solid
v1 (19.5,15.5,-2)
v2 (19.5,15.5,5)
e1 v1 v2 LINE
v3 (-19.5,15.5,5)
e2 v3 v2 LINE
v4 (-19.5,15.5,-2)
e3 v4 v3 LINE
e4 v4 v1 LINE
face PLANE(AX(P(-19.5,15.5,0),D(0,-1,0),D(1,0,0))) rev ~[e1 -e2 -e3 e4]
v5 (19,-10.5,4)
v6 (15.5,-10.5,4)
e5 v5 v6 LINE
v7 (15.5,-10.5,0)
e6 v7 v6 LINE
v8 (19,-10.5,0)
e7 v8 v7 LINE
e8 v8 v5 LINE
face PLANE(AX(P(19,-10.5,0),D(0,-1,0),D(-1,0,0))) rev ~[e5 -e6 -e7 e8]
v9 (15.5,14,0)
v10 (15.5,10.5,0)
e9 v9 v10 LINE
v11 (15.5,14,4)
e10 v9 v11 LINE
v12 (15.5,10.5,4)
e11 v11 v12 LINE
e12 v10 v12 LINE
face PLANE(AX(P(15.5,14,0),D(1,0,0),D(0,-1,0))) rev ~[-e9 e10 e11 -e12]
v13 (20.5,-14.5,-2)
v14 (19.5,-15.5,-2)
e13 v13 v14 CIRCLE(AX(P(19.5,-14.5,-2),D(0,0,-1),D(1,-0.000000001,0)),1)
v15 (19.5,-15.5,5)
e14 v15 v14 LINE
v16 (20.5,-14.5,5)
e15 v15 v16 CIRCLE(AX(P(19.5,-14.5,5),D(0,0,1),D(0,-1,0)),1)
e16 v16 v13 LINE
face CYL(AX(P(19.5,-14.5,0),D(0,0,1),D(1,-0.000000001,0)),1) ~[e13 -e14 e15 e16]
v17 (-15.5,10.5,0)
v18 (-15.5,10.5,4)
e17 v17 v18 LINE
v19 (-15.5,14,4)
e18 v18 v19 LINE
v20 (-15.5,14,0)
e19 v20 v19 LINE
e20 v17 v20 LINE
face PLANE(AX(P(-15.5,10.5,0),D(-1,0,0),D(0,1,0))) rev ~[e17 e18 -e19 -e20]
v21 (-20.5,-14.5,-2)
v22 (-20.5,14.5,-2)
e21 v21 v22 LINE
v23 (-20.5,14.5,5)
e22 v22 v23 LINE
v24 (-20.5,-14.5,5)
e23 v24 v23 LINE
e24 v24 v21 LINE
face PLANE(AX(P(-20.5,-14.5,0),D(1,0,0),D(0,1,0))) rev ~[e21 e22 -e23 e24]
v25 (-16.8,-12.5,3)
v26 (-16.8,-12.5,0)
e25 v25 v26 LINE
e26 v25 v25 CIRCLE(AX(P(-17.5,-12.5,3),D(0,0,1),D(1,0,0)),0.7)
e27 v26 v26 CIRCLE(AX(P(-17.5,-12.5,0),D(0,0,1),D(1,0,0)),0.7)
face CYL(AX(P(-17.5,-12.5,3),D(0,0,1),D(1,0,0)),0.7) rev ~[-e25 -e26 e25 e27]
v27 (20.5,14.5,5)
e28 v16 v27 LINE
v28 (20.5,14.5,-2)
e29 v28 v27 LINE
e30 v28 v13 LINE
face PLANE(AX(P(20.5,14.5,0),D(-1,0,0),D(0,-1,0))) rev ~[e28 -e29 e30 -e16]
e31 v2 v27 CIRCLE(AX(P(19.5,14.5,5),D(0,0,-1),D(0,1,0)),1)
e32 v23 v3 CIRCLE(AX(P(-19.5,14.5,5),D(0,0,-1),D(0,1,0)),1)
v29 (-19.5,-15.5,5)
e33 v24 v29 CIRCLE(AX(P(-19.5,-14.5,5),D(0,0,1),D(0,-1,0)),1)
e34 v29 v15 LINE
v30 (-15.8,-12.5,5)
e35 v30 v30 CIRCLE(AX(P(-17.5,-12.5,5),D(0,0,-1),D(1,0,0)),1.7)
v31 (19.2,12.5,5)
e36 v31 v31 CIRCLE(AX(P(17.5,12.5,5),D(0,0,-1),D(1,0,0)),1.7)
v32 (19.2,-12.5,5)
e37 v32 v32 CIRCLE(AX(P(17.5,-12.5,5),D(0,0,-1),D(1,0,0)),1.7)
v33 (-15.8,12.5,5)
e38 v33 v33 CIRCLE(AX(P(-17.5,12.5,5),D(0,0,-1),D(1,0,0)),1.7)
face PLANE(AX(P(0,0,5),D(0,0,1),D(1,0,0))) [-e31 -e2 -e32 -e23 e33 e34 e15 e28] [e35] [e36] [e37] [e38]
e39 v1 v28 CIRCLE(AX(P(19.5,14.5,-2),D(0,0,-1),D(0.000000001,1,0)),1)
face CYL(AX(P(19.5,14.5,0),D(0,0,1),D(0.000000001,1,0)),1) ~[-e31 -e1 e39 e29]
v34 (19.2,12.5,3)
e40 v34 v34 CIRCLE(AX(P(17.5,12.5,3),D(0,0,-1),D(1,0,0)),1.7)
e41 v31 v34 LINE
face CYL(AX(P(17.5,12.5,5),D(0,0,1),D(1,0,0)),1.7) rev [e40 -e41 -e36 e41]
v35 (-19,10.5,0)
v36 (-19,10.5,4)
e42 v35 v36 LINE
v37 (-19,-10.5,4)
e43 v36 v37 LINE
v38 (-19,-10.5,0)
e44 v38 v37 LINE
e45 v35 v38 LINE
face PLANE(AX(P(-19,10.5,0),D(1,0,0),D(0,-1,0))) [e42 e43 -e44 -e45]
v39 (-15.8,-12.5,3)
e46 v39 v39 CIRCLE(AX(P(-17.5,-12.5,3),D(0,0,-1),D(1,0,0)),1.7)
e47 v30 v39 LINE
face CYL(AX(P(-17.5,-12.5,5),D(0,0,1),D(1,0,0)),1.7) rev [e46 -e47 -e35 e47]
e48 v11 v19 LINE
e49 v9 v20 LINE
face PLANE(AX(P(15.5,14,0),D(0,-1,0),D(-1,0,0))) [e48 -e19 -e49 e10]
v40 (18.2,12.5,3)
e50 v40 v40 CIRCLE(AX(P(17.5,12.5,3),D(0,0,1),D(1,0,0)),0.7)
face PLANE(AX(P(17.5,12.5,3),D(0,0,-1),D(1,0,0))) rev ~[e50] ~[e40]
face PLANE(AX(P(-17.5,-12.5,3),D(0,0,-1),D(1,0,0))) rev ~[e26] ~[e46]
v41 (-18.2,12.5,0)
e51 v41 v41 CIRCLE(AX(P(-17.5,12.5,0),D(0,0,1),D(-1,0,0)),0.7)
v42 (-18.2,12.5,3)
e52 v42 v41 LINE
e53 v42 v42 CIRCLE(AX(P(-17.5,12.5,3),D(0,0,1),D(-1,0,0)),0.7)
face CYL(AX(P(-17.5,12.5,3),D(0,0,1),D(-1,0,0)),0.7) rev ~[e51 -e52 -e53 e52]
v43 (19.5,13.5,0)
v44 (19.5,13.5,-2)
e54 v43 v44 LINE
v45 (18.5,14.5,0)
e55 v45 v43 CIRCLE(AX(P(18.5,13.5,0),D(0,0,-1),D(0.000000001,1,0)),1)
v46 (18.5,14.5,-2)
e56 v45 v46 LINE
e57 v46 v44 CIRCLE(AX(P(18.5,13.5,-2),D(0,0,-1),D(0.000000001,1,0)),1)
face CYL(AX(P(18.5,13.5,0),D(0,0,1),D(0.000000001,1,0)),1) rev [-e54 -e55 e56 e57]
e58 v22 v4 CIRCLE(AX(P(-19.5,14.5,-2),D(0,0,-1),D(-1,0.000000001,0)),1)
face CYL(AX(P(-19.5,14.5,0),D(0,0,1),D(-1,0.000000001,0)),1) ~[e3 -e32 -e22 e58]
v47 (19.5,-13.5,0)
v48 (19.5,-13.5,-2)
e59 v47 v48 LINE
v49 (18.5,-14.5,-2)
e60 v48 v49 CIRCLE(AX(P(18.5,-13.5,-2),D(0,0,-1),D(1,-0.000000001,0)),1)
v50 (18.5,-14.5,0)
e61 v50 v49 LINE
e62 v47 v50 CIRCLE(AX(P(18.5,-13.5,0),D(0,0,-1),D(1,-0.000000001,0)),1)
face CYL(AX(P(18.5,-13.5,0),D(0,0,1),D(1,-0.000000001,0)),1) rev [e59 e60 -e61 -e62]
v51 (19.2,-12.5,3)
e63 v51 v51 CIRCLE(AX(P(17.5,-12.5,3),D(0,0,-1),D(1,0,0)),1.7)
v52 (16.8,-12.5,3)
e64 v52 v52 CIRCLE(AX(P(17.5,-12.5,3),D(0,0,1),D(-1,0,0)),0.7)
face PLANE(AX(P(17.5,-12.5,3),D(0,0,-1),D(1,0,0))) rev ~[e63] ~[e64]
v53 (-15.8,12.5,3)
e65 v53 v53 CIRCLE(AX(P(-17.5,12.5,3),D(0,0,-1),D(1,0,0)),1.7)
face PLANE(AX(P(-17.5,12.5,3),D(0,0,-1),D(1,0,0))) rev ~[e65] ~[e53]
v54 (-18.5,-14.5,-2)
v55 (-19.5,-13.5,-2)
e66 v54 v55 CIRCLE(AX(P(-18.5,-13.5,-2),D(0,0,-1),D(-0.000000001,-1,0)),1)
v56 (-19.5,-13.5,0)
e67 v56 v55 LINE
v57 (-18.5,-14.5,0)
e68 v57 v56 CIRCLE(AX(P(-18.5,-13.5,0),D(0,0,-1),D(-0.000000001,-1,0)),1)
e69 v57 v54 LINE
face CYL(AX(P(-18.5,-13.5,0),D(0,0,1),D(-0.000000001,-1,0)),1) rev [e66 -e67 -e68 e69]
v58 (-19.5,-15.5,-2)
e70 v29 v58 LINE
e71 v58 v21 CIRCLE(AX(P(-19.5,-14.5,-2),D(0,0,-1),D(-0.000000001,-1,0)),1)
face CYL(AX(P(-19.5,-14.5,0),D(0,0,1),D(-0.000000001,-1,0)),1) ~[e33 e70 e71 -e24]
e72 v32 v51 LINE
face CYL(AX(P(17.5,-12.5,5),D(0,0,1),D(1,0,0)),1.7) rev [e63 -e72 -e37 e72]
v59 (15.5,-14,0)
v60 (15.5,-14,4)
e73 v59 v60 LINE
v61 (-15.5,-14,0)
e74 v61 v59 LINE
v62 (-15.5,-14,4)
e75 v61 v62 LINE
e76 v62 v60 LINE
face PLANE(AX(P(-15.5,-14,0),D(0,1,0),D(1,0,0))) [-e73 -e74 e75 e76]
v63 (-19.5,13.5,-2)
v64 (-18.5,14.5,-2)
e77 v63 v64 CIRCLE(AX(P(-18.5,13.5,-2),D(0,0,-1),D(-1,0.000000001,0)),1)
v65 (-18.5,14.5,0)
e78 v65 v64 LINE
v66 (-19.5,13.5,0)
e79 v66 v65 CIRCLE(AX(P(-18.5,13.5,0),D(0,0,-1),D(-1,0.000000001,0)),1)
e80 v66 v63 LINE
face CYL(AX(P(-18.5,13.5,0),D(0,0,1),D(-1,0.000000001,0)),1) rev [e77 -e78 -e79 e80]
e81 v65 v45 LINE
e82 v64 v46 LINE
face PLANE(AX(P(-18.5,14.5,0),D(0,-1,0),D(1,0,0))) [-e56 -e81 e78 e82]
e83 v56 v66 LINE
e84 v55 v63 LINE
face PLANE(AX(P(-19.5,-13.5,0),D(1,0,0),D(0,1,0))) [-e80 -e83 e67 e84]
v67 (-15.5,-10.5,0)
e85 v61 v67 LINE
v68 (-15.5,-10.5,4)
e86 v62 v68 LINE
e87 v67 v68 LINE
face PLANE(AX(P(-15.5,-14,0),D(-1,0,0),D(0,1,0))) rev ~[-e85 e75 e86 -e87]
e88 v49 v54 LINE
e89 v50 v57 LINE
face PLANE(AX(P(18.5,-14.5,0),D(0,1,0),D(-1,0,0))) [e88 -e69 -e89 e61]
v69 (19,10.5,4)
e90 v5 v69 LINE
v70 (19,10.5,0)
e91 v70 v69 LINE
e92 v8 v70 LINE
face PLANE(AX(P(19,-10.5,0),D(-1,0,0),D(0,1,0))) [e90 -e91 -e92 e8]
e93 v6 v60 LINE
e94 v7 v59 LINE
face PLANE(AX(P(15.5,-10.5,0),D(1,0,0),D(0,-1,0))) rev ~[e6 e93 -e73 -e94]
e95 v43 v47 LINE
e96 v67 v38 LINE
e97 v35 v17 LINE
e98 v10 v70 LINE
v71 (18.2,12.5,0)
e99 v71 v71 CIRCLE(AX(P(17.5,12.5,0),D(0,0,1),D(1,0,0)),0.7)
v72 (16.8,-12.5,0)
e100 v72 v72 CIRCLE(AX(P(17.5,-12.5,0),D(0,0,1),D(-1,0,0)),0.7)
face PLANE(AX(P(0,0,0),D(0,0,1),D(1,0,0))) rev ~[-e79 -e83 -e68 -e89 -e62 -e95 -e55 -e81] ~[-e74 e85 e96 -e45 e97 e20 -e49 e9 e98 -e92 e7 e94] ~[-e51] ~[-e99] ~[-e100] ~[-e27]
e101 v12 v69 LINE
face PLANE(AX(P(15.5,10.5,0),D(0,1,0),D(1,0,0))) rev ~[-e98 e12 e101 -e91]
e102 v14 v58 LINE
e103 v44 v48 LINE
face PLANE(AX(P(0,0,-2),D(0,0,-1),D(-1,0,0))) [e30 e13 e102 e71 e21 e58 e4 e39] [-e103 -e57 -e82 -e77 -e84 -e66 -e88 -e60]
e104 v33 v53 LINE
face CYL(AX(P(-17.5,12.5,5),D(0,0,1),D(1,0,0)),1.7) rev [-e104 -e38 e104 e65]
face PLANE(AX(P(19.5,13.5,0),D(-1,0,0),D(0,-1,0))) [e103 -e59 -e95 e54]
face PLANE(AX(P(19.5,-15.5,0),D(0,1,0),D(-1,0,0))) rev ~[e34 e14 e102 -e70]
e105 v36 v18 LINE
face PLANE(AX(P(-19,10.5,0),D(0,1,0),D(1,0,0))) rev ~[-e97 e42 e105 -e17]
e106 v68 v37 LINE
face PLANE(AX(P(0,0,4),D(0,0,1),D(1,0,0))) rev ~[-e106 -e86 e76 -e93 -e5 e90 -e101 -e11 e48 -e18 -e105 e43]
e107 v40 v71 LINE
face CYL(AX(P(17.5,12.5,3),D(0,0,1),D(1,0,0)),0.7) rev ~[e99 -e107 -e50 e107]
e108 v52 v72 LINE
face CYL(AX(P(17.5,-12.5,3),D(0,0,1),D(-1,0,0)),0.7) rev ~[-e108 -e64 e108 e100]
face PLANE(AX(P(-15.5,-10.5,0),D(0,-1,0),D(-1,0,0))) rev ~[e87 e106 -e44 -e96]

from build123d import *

# Parameters (mm, degrees)
SKETCH_1_W          = 41
SKETCH_1_H          = 31
SKETCH_1_W_2        = 31
SKETCH_1_H_2        = 21
EXTRUDE_1_DEPTH     = 4
SKETCH_2_W          = 41
SKETCH_2_H          = 31
EXTRUDE_1_2_DEPTH   = 1
CUT_EXTRUDE_START   = -5
SKETCH_3_R          = 1.7
CUT_EXTRUDE_1_DEPTH = 2
SKETCH_4_R          = 0.7
CUT_EXTRUDE_2_DEPTH = 26.874698066
FILLET_1_R          = 1
CUT_EXTRUDE_3_DEPTH = 4
EXTRUDE_2_DEPTH     = 2


with BuildPart() as part:
    # 草图1 → Extrude 1 (new body)
    with BuildSketch(Plane.XY):
        Rectangle(SKETCH_1_W, SKETCH_1_H)
        Rectangle(SKETCH_1_W_2, SKETCH_1_H_2, mode=Mode.SUBTRACT)
    extrude(amount=EXTRUDE_1_DEPTH)

    # 草图2 → Extrude 1 2 (add)
    with BuildSketch(Plane.XY.offset(4)):
        Rectangle(SKETCH_2_W, SKETCH_2_H)
    extrude(amount=EXTRUDE_1_2_DEPTH)

    # 草图3 → 切除-拉伸1 (cut)
    with BuildSketch(Plane(origin=(0, 0, 0), x_dir=(-1, 0, 0), z_dir=(0, 0, -1)).offset(CUT_EXTRUDE_START)):
        with Locations(Location((17.5, 12.5, 0), (0, 0, 180))):
            Circle(SKETCH_3_R)
        with Locations(Location((-17.5, 12.5, 0), (0, 0, 180))):
            Circle(SKETCH_3_R)
        with Locations(Location((17.5, -12.5, 0), (0, 0, 180))):
            Circle(SKETCH_3_R)
        with Locations(Location((-17.5, -12.5, 0), (0, 0, 180))):
            Circle(SKETCH_3_R)
    extrude(amount=CUT_EXTRUDE_1_DEPTH, mode=Mode.SUBTRACT)

    # 草图4 → 切除-拉伸2 (cut, through all)
    with BuildSketch(Plane.XY.offset(3)):
        with Locations((17.5, 12.5)):
            Circle(SKETCH_4_R)
        with Locations(Location((-17.5, 12.5, 0), (0, 0, 180))):
            Circle(SKETCH_4_R)
        with Locations(Location((17.5, -12.5, 0), (0, 0, 180))):
            Circle(SKETCH_4_R)
        with Locations((-17.5, -12.5)):
            Circle(SKETCH_4_R)
    extrude(amount=-CUT_EXTRUDE_2_DEPTH, mode=Mode.SUBTRACT)

    # 圆角1
    fillet_1_edges = [part.edges().sort_by_distance(p)[0] for p in [
        (20.5, -15.5, 2.5),
        (-20.5, -15.5, 2.5),
        (-20.5, 15.5, 2.5),
        (20.5, 15.5, 2.5),
    ]]
    fillet(fillet_1_edges, radius=FILLET_1_R)

    # 草图5 → 切除-拉伸3 (cut)
    with BuildSketch(Plane(origin=(0, 0, 0), x_dir=(-1, 0, 0), z_dir=(0, 0, -1))):
        Polygon((-15.5, 10.5), (-15.5, 12.5), (-15.5, 14), (15.5, 14), (15.5, 12.5), (15.5, 10.5), (17.5, 10.5), (19, 10.5), (19, -10.5), (17.5, -10.5), (15.5, -10.5), (15.5, -12.5), (15.5, -14), (-15.5, -14), (-15.5, -12.5), (-15.5, -10.5), (-17.5, -10.5), (-19, -10.5), (-19, 10.5), (-17.5, 10.5), align=None)
    extrude(amount=-CUT_EXTRUDE_3_DEPTH, mode=Mode.SUBTRACT)

    # 草图7 → 凸台-拉伸2 (add)
    with BuildSketch(Plane(origin=(0, 0, 0), x_dir=(-1, 0, 0), z_dir=(0, 0, -1))):
        with BuildLine():
            Line((-20.5, 14.5), (-20.5, -14.5))
            ThreePointArc((-20.5, -14.5), (-20.207106781, -15.207106781), (-19.5, -15.5))
            Line((-19.5, -15.5), (19.5, -15.5))
            ThreePointArc((19.5, -15.5), (20.207106781, -15.207106781), (20.5, -14.5))
            Line((20.5, -14.5), (20.5, 14.5))
            ThreePointArc((20.5, 14.5), (20.207106781, 15.207106781), (19.5, 15.5))
            Line((19.5, 15.5), (-19.5, 15.5))
            ThreePointArc((-19.5, 15.5), (-20.207106781, 15.207106781), (-20.5, 14.5))
        make_face()
        with BuildLine():
            Line((-19.5, 13.5), (-19.5, -13.5))
            ThreePointArc((-19.5, -13.5), (-19.207106781, -14.207106781), (-18.5, -14.5))
            Line((-18.5, -14.5), (18.5, -14.5))
            ThreePointArc((18.5, -14.5), (19.207106781, -14.207106781), (19.5, -13.5))
            Line((19.5, -13.5), (19.5, 13.5))
            ThreePointArc((19.5, 13.5), (19.207106781, 14.207106781), (18.5, 14.5))
            Line((18.5, 14.5), (-18.5, 14.5))
            ThreePointArc((-18.5, 14.5), (-19.207106781, 14.207106781), (-19.5, 13.5))
        make_face(mode=Mode.SUBTRACT)
    extrude(amount=EXTRUDE_2_DEPTH)


solid = part.part
